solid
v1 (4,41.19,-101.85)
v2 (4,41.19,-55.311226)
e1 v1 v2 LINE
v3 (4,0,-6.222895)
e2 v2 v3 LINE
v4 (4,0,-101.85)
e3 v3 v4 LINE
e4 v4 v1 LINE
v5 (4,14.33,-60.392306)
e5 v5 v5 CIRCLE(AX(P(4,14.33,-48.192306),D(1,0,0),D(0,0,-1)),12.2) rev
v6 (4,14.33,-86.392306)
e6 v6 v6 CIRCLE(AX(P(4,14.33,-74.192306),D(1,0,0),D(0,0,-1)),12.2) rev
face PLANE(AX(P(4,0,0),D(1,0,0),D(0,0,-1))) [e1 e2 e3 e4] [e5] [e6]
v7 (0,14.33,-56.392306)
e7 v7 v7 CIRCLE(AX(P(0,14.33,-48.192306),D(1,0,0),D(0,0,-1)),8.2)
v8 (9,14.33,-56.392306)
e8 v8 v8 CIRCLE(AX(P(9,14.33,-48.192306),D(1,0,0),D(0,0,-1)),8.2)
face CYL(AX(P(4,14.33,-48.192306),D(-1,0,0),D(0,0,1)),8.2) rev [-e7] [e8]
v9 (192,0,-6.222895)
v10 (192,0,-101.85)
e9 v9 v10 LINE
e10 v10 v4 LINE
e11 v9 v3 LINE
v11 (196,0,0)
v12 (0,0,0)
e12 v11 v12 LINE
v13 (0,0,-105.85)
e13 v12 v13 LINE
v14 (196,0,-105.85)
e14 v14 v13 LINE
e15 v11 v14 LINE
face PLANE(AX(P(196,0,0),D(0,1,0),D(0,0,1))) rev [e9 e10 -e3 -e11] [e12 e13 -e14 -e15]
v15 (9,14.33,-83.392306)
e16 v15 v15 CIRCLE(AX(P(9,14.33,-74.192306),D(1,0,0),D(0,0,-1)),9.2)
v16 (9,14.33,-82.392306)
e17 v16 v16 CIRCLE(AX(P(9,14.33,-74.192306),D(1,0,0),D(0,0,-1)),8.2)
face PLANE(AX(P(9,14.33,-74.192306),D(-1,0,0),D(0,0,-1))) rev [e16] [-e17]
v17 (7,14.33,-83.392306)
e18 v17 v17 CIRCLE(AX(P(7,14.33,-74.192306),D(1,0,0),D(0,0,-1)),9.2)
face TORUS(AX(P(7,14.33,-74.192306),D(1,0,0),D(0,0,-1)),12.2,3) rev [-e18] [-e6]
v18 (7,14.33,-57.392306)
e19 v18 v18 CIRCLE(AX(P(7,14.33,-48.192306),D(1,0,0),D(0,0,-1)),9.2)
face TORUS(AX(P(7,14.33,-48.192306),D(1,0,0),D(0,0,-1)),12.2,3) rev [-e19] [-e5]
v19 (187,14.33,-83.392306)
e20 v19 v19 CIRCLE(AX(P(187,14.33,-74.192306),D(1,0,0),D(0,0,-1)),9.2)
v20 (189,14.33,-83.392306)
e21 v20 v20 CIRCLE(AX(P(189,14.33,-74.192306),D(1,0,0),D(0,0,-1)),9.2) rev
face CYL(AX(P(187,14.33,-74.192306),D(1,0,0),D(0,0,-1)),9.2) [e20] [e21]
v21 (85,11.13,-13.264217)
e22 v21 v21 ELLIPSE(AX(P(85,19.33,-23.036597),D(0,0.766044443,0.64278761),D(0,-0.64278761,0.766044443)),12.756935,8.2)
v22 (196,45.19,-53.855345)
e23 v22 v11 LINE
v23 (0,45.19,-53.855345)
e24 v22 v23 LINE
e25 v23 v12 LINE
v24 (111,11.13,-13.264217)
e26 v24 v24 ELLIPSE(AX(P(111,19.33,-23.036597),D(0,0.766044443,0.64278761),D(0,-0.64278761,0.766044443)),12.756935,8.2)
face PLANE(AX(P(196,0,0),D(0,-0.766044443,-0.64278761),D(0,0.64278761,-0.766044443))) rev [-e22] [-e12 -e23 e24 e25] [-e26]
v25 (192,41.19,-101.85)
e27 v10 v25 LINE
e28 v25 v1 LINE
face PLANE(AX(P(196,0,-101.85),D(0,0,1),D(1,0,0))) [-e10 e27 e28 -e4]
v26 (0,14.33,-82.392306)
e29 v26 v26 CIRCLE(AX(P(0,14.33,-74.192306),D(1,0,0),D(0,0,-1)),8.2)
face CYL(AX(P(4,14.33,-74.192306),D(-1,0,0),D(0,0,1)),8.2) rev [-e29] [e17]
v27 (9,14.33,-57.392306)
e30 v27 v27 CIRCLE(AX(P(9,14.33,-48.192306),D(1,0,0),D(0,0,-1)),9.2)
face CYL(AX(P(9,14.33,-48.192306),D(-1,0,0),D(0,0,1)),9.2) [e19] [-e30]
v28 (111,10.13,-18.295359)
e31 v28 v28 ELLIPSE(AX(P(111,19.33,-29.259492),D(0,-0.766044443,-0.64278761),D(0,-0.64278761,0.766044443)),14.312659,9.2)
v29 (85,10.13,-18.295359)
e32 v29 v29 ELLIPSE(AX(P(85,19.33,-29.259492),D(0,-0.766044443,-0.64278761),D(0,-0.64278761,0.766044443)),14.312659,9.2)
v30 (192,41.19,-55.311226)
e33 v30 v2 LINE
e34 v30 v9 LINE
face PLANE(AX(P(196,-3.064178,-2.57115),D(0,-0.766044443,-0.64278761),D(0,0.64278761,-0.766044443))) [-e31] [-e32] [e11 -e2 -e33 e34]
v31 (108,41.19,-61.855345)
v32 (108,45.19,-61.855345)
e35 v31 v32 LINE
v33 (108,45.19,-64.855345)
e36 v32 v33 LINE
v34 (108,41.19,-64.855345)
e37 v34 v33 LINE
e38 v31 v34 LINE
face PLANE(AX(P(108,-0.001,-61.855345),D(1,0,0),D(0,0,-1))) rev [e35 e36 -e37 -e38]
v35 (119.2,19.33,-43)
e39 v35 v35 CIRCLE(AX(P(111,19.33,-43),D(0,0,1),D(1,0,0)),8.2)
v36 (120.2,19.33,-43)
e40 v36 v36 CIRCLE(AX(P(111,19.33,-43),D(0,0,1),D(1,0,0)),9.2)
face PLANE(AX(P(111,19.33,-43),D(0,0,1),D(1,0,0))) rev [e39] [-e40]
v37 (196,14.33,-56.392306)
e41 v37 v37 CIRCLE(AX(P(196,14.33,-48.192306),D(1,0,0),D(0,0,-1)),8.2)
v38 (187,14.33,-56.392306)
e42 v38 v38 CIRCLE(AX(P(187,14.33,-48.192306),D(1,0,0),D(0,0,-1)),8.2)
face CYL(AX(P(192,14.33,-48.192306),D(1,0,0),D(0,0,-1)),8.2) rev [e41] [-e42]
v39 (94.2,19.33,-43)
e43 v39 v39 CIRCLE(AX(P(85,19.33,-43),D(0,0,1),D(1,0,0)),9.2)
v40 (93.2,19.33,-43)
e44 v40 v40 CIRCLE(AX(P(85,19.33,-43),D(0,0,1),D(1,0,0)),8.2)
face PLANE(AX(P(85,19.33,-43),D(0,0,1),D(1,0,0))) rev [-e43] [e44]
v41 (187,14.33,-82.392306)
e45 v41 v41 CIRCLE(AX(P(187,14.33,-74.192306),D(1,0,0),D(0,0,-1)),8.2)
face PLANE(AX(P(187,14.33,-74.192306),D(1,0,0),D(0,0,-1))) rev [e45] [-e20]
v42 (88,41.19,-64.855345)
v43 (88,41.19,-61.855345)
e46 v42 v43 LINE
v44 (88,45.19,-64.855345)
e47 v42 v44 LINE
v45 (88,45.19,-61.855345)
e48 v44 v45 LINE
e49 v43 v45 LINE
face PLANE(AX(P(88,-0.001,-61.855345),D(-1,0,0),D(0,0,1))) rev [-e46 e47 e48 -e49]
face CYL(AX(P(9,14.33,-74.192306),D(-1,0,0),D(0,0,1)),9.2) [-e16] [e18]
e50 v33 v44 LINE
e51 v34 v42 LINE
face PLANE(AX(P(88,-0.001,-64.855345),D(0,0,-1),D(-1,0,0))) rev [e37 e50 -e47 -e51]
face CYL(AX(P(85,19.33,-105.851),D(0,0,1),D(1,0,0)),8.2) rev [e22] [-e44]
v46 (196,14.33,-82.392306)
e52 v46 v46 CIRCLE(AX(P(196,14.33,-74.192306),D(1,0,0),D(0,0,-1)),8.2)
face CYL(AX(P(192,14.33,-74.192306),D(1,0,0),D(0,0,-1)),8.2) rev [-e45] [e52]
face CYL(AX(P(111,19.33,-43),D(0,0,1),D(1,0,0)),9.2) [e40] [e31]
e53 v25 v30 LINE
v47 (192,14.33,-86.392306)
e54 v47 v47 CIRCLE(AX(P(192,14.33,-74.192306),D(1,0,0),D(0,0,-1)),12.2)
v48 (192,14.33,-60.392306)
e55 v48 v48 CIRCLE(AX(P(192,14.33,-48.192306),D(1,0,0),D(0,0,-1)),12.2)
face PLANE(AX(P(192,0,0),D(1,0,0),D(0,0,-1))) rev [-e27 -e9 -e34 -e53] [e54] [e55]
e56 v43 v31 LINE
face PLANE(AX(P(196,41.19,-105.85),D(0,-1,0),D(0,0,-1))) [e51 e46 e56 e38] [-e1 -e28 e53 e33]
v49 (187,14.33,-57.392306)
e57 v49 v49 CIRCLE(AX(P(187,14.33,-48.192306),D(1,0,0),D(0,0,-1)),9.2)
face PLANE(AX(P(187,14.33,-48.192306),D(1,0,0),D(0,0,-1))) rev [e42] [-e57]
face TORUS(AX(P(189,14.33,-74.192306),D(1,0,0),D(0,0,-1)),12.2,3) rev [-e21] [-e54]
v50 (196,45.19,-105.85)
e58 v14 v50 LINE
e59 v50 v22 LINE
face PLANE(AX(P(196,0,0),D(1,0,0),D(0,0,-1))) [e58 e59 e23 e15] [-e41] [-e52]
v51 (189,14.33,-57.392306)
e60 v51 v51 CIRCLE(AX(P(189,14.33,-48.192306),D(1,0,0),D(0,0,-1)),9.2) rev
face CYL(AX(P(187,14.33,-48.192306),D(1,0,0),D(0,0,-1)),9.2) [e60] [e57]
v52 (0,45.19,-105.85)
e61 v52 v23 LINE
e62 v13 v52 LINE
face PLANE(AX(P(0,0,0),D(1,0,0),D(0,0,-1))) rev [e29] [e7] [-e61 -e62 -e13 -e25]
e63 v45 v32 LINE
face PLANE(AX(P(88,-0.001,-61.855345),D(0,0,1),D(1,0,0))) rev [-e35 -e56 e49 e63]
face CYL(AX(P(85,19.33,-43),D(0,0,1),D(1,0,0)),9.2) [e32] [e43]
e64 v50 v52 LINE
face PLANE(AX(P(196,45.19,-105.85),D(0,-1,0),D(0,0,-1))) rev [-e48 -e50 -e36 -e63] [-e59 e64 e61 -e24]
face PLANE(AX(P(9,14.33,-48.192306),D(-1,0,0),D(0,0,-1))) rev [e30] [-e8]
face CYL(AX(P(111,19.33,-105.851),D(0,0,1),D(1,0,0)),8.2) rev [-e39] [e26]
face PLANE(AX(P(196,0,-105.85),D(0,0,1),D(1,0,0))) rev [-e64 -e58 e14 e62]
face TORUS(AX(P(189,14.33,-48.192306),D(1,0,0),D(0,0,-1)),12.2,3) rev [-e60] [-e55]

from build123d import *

# Parameters (mm, degrees)
SALIENTE_EXTRUIR1_DEPTH = 196
VACIADO1_T              = -4
CROQUIS2_R              = 8.2
CORTAR_EXTRUIR1_DEPTH   = 4
CROQUIS3_R              = 9.2
CROQUIS3_R_2            = 8.2
SALIENTE_EXTRUIR2_DEPTH = 9
REDONDEO3_R             = 3
REDONDEO4_R             = 3
CORTAR_EXTRUIR2_REACH   = 229.294
CROQUIS4_R              = 8.2
CROQUIS5_R              = 9.2
CROQUIS5_R_2            = 8.2
SALIENTE_EXTRUIR3_DEPTH = 43
CROQUIS6_W              = 82.873764354
CROQUIS6_H              = 43.688886644
CORTAR_EXTRUIR3_DEPTH   = 21.855248
CORTAR_EXTRUIR4_REACH   = 229.294
CROQUIS9_W              = 20
CROQUIS9_H              = 3


with BuildPart() as part:
    # Croquis1 → Saliente-Extruir1 (new body)
    with BuildSketch(Plane(origin=(0, 0, 0), x_dir=(0, 0, -1), z_dir=(1, 0, 0))):
        Polygon((0, 0), (105.85, 0), (105.85, 45.19), (53.855344849, 45.19), align=None)
    extrude(amount=SALIENTE_EXTRUIR1_DEPTH)

    # Vaciado1
    vaciado1_openings = [part.faces().sort_by_distance(p)[0] for p in [
        (98, 0, -52.925),
    ]]
    offset(amount=VACIADO1_T, openings=vaciado1_openings, kind=Kind.INTERSECTION)

    # Croquis2 → Cortar-Extruir1 (cut)
    with BuildSketch(Plane(origin=(196, 0, 0), x_dir=(0, 0, -1), z_dir=(1, 0, 0))):
        with Locations((48.192305519, 14.33)):
            Circle(CROQUIS2_R)
        with Locations((74.192305519, 14.33)):
            Circle(CROQUIS2_R)
    cortar_extruir1 = extrude(amount=-CORTAR_EXTRUIR1_DEPTH, mode=Mode.SUBTRACT)

    # Croquis3 → Saliente-Extruir2 (add)
    # profile 1 of 2: a face of its own
    with BuildSketch(Plane(origin=(196, 0, 0), x_dir=(0, 0, -1), z_dir=(1, 0, 0))):
        with Locations((48.192305519, 14.33)):
            Circle(CROQUIS3_R)
        with Locations((48.192305519, 14.33)):
            Circle(CROQUIS3_R_2, mode=Mode.SUBTRACT)
    # profile 2 of 2: a face of its own
    with BuildSketch(Plane(origin=(196, 0, 0), x_dir=(0, 0, -1), z_dir=(1, 0, 0))):
        with Locations((74.192305519, 14.33)):
            Circle(CROQUIS3_R)
        with Locations((74.192305519, 14.33)):
            Circle(CROQUIS3_R_2, mode=Mode.SUBTRACT)
    saliente_extruir2 = extrude(amount=-SALIENTE_EXTRUIR2_DEPTH)

    # Redondeo3
    redondeo3_edges = [part.edges().sort_by_distance(p)[0] for p in [
        (192, 14.33, -38.992305519),
        (192, 14.33, -64.992305519),
    ]]
    fillet(redondeo3_edges, radius=REDONDEO3_R)

    # Simetría1: Cortar-Extruir1, Saliente-Extruir2 across plane
    add(cortar_extruir1.mirror(Plane(origin=(98, 0, 0), x_dir=(0, 0, 1), z_dir=(1, 0, 0))), mode=Mode.SUBTRACT)
    add(saliente_extruir2.mirror(Plane(origin=(98, 0, 0), x_dir=(0, 0, 1), z_dir=(1, 0, 0))))

    # Redondeo4
    redondeo4_edges = [part.edges().sort_by_distance(p)[0] for p in [
        (4, 14.33, -38.992305519),
        (4, 14.33, -64.992305519),
    ]]
    fillet(redondeo4_edges, radius=REDONDEO4_R)

    # Cortar-Extruir2: up to this plane
    cortar_extruir2_end = Plane(origin=(196, -3.064177772, -2.571150439), z_dir=(0, -0.7660444431189772, -0.6427876096865404))
    # Croquis4 → Cortar-Extruir2 (cut, up to the surface)
    with BuildSketch(Plane.XY, mode=Mode.PRIVATE) as cortar_extruir2_sk1:
        with Locations(Location((85, 19.33, 0), (0, 0, 270))):
            Circle(CROQUIS4_R)
    cortar_extruir2_tool1 = split(extrude(cortar_extruir2_sk1.sketch, amount=-CORTAR_EXTRUIR2_REACH, mode=Mode.PRIVATE), bisect_by=cortar_extruir2_end, keep=Keep.BOTH, mode=Mode.PRIVATE)
    add(cortar_extruir2_tool1.solids().sort_by_distance((85, 19.33, 0))[0], mode=Mode.SUBTRACT)
    # Croquis4 → Cortar-Extruir2 (cut, up to the surface)
    with BuildSketch(Plane.XY, mode=Mode.PRIVATE) as cortar_extruir2_sk2:
        with Locations(Location((111, 19.33, 0), (0, 0, 270))):
            Circle(CROQUIS4_R)
    cortar_extruir2_tool2 = split(extrude(cortar_extruir2_sk2.sketch, amount=-CORTAR_EXTRUIR2_REACH, mode=Mode.PRIVATE), bisect_by=cortar_extruir2_end, keep=Keep.BOTH, mode=Mode.PRIVATE)
    add(cortar_extruir2_tool2.solids().sort_by_distance((111, 19.33, 0))[0], mode=Mode.SUBTRACT)

    # Croquis5 → Saliente-Extruir3 (add)
    # profile 1 of 2: a face of its own
    with BuildSketch(Plane.XY):
        with Locations((111, 19.33)):
            Circle(CROQUIS5_R)
        with Locations((111, 19.33)):
            Circle(CROQUIS5_R_2, mode=Mode.SUBTRACT)
    # profile 2 of 2: a face of its own
    with BuildSketch(Plane.XY):
        with Locations((85, 19.33)):
            Circle(CROQUIS5_R)
        with Locations((85, 19.33)):
            Circle(CROQUIS5_R_2, mode=Mode.SUBTRACT)
    extrude(amount=-SALIENTE_EXTRUIR3_DEPTH)

    # Croquis6 → Cortar-Extruir3 (cut)
    with BuildSketch(Plane(origin=(0, 0, 0), x_dir=(1, 0, 0), z_dir=(0, 0.7660444431189771, 0.6427876096865404))):
        with Locations((99.35120268, 26.550188106)):
            Rectangle(CROQUIS6_W, CROQUIS6_H)
    extrude(amount=CORTAR_EXTRUIR3_DEPTH, mode=Mode.SUBTRACT)

    # Croquis9 → Cortar-Extruir4 (cut, up to next)
    with BuildSketch(Plane(origin=(0, 45.19, 0), x_dir=(1, 0, 0), z_dir=(0, 1, 0)), mode=Mode.PRIVATE) as cortar_extruir4_sk1:
        with Locations((98, 63.355344849)):
            Rectangle(CROQUIS9_W, CROQUIS9_H)
    cortar_extruir4_tool1 = extrude(cortar_extruir4_sk1.sketch, amount=-CORTAR_EXTRUIR4_REACH, mode=Mode.PRIVATE) & part.part
    add(cortar_extruir4_tool1.solids().sort_by_distance((98, 45.19, -63.355345))[0], mode=Mode.SUBTRACT)


solid = part.part
